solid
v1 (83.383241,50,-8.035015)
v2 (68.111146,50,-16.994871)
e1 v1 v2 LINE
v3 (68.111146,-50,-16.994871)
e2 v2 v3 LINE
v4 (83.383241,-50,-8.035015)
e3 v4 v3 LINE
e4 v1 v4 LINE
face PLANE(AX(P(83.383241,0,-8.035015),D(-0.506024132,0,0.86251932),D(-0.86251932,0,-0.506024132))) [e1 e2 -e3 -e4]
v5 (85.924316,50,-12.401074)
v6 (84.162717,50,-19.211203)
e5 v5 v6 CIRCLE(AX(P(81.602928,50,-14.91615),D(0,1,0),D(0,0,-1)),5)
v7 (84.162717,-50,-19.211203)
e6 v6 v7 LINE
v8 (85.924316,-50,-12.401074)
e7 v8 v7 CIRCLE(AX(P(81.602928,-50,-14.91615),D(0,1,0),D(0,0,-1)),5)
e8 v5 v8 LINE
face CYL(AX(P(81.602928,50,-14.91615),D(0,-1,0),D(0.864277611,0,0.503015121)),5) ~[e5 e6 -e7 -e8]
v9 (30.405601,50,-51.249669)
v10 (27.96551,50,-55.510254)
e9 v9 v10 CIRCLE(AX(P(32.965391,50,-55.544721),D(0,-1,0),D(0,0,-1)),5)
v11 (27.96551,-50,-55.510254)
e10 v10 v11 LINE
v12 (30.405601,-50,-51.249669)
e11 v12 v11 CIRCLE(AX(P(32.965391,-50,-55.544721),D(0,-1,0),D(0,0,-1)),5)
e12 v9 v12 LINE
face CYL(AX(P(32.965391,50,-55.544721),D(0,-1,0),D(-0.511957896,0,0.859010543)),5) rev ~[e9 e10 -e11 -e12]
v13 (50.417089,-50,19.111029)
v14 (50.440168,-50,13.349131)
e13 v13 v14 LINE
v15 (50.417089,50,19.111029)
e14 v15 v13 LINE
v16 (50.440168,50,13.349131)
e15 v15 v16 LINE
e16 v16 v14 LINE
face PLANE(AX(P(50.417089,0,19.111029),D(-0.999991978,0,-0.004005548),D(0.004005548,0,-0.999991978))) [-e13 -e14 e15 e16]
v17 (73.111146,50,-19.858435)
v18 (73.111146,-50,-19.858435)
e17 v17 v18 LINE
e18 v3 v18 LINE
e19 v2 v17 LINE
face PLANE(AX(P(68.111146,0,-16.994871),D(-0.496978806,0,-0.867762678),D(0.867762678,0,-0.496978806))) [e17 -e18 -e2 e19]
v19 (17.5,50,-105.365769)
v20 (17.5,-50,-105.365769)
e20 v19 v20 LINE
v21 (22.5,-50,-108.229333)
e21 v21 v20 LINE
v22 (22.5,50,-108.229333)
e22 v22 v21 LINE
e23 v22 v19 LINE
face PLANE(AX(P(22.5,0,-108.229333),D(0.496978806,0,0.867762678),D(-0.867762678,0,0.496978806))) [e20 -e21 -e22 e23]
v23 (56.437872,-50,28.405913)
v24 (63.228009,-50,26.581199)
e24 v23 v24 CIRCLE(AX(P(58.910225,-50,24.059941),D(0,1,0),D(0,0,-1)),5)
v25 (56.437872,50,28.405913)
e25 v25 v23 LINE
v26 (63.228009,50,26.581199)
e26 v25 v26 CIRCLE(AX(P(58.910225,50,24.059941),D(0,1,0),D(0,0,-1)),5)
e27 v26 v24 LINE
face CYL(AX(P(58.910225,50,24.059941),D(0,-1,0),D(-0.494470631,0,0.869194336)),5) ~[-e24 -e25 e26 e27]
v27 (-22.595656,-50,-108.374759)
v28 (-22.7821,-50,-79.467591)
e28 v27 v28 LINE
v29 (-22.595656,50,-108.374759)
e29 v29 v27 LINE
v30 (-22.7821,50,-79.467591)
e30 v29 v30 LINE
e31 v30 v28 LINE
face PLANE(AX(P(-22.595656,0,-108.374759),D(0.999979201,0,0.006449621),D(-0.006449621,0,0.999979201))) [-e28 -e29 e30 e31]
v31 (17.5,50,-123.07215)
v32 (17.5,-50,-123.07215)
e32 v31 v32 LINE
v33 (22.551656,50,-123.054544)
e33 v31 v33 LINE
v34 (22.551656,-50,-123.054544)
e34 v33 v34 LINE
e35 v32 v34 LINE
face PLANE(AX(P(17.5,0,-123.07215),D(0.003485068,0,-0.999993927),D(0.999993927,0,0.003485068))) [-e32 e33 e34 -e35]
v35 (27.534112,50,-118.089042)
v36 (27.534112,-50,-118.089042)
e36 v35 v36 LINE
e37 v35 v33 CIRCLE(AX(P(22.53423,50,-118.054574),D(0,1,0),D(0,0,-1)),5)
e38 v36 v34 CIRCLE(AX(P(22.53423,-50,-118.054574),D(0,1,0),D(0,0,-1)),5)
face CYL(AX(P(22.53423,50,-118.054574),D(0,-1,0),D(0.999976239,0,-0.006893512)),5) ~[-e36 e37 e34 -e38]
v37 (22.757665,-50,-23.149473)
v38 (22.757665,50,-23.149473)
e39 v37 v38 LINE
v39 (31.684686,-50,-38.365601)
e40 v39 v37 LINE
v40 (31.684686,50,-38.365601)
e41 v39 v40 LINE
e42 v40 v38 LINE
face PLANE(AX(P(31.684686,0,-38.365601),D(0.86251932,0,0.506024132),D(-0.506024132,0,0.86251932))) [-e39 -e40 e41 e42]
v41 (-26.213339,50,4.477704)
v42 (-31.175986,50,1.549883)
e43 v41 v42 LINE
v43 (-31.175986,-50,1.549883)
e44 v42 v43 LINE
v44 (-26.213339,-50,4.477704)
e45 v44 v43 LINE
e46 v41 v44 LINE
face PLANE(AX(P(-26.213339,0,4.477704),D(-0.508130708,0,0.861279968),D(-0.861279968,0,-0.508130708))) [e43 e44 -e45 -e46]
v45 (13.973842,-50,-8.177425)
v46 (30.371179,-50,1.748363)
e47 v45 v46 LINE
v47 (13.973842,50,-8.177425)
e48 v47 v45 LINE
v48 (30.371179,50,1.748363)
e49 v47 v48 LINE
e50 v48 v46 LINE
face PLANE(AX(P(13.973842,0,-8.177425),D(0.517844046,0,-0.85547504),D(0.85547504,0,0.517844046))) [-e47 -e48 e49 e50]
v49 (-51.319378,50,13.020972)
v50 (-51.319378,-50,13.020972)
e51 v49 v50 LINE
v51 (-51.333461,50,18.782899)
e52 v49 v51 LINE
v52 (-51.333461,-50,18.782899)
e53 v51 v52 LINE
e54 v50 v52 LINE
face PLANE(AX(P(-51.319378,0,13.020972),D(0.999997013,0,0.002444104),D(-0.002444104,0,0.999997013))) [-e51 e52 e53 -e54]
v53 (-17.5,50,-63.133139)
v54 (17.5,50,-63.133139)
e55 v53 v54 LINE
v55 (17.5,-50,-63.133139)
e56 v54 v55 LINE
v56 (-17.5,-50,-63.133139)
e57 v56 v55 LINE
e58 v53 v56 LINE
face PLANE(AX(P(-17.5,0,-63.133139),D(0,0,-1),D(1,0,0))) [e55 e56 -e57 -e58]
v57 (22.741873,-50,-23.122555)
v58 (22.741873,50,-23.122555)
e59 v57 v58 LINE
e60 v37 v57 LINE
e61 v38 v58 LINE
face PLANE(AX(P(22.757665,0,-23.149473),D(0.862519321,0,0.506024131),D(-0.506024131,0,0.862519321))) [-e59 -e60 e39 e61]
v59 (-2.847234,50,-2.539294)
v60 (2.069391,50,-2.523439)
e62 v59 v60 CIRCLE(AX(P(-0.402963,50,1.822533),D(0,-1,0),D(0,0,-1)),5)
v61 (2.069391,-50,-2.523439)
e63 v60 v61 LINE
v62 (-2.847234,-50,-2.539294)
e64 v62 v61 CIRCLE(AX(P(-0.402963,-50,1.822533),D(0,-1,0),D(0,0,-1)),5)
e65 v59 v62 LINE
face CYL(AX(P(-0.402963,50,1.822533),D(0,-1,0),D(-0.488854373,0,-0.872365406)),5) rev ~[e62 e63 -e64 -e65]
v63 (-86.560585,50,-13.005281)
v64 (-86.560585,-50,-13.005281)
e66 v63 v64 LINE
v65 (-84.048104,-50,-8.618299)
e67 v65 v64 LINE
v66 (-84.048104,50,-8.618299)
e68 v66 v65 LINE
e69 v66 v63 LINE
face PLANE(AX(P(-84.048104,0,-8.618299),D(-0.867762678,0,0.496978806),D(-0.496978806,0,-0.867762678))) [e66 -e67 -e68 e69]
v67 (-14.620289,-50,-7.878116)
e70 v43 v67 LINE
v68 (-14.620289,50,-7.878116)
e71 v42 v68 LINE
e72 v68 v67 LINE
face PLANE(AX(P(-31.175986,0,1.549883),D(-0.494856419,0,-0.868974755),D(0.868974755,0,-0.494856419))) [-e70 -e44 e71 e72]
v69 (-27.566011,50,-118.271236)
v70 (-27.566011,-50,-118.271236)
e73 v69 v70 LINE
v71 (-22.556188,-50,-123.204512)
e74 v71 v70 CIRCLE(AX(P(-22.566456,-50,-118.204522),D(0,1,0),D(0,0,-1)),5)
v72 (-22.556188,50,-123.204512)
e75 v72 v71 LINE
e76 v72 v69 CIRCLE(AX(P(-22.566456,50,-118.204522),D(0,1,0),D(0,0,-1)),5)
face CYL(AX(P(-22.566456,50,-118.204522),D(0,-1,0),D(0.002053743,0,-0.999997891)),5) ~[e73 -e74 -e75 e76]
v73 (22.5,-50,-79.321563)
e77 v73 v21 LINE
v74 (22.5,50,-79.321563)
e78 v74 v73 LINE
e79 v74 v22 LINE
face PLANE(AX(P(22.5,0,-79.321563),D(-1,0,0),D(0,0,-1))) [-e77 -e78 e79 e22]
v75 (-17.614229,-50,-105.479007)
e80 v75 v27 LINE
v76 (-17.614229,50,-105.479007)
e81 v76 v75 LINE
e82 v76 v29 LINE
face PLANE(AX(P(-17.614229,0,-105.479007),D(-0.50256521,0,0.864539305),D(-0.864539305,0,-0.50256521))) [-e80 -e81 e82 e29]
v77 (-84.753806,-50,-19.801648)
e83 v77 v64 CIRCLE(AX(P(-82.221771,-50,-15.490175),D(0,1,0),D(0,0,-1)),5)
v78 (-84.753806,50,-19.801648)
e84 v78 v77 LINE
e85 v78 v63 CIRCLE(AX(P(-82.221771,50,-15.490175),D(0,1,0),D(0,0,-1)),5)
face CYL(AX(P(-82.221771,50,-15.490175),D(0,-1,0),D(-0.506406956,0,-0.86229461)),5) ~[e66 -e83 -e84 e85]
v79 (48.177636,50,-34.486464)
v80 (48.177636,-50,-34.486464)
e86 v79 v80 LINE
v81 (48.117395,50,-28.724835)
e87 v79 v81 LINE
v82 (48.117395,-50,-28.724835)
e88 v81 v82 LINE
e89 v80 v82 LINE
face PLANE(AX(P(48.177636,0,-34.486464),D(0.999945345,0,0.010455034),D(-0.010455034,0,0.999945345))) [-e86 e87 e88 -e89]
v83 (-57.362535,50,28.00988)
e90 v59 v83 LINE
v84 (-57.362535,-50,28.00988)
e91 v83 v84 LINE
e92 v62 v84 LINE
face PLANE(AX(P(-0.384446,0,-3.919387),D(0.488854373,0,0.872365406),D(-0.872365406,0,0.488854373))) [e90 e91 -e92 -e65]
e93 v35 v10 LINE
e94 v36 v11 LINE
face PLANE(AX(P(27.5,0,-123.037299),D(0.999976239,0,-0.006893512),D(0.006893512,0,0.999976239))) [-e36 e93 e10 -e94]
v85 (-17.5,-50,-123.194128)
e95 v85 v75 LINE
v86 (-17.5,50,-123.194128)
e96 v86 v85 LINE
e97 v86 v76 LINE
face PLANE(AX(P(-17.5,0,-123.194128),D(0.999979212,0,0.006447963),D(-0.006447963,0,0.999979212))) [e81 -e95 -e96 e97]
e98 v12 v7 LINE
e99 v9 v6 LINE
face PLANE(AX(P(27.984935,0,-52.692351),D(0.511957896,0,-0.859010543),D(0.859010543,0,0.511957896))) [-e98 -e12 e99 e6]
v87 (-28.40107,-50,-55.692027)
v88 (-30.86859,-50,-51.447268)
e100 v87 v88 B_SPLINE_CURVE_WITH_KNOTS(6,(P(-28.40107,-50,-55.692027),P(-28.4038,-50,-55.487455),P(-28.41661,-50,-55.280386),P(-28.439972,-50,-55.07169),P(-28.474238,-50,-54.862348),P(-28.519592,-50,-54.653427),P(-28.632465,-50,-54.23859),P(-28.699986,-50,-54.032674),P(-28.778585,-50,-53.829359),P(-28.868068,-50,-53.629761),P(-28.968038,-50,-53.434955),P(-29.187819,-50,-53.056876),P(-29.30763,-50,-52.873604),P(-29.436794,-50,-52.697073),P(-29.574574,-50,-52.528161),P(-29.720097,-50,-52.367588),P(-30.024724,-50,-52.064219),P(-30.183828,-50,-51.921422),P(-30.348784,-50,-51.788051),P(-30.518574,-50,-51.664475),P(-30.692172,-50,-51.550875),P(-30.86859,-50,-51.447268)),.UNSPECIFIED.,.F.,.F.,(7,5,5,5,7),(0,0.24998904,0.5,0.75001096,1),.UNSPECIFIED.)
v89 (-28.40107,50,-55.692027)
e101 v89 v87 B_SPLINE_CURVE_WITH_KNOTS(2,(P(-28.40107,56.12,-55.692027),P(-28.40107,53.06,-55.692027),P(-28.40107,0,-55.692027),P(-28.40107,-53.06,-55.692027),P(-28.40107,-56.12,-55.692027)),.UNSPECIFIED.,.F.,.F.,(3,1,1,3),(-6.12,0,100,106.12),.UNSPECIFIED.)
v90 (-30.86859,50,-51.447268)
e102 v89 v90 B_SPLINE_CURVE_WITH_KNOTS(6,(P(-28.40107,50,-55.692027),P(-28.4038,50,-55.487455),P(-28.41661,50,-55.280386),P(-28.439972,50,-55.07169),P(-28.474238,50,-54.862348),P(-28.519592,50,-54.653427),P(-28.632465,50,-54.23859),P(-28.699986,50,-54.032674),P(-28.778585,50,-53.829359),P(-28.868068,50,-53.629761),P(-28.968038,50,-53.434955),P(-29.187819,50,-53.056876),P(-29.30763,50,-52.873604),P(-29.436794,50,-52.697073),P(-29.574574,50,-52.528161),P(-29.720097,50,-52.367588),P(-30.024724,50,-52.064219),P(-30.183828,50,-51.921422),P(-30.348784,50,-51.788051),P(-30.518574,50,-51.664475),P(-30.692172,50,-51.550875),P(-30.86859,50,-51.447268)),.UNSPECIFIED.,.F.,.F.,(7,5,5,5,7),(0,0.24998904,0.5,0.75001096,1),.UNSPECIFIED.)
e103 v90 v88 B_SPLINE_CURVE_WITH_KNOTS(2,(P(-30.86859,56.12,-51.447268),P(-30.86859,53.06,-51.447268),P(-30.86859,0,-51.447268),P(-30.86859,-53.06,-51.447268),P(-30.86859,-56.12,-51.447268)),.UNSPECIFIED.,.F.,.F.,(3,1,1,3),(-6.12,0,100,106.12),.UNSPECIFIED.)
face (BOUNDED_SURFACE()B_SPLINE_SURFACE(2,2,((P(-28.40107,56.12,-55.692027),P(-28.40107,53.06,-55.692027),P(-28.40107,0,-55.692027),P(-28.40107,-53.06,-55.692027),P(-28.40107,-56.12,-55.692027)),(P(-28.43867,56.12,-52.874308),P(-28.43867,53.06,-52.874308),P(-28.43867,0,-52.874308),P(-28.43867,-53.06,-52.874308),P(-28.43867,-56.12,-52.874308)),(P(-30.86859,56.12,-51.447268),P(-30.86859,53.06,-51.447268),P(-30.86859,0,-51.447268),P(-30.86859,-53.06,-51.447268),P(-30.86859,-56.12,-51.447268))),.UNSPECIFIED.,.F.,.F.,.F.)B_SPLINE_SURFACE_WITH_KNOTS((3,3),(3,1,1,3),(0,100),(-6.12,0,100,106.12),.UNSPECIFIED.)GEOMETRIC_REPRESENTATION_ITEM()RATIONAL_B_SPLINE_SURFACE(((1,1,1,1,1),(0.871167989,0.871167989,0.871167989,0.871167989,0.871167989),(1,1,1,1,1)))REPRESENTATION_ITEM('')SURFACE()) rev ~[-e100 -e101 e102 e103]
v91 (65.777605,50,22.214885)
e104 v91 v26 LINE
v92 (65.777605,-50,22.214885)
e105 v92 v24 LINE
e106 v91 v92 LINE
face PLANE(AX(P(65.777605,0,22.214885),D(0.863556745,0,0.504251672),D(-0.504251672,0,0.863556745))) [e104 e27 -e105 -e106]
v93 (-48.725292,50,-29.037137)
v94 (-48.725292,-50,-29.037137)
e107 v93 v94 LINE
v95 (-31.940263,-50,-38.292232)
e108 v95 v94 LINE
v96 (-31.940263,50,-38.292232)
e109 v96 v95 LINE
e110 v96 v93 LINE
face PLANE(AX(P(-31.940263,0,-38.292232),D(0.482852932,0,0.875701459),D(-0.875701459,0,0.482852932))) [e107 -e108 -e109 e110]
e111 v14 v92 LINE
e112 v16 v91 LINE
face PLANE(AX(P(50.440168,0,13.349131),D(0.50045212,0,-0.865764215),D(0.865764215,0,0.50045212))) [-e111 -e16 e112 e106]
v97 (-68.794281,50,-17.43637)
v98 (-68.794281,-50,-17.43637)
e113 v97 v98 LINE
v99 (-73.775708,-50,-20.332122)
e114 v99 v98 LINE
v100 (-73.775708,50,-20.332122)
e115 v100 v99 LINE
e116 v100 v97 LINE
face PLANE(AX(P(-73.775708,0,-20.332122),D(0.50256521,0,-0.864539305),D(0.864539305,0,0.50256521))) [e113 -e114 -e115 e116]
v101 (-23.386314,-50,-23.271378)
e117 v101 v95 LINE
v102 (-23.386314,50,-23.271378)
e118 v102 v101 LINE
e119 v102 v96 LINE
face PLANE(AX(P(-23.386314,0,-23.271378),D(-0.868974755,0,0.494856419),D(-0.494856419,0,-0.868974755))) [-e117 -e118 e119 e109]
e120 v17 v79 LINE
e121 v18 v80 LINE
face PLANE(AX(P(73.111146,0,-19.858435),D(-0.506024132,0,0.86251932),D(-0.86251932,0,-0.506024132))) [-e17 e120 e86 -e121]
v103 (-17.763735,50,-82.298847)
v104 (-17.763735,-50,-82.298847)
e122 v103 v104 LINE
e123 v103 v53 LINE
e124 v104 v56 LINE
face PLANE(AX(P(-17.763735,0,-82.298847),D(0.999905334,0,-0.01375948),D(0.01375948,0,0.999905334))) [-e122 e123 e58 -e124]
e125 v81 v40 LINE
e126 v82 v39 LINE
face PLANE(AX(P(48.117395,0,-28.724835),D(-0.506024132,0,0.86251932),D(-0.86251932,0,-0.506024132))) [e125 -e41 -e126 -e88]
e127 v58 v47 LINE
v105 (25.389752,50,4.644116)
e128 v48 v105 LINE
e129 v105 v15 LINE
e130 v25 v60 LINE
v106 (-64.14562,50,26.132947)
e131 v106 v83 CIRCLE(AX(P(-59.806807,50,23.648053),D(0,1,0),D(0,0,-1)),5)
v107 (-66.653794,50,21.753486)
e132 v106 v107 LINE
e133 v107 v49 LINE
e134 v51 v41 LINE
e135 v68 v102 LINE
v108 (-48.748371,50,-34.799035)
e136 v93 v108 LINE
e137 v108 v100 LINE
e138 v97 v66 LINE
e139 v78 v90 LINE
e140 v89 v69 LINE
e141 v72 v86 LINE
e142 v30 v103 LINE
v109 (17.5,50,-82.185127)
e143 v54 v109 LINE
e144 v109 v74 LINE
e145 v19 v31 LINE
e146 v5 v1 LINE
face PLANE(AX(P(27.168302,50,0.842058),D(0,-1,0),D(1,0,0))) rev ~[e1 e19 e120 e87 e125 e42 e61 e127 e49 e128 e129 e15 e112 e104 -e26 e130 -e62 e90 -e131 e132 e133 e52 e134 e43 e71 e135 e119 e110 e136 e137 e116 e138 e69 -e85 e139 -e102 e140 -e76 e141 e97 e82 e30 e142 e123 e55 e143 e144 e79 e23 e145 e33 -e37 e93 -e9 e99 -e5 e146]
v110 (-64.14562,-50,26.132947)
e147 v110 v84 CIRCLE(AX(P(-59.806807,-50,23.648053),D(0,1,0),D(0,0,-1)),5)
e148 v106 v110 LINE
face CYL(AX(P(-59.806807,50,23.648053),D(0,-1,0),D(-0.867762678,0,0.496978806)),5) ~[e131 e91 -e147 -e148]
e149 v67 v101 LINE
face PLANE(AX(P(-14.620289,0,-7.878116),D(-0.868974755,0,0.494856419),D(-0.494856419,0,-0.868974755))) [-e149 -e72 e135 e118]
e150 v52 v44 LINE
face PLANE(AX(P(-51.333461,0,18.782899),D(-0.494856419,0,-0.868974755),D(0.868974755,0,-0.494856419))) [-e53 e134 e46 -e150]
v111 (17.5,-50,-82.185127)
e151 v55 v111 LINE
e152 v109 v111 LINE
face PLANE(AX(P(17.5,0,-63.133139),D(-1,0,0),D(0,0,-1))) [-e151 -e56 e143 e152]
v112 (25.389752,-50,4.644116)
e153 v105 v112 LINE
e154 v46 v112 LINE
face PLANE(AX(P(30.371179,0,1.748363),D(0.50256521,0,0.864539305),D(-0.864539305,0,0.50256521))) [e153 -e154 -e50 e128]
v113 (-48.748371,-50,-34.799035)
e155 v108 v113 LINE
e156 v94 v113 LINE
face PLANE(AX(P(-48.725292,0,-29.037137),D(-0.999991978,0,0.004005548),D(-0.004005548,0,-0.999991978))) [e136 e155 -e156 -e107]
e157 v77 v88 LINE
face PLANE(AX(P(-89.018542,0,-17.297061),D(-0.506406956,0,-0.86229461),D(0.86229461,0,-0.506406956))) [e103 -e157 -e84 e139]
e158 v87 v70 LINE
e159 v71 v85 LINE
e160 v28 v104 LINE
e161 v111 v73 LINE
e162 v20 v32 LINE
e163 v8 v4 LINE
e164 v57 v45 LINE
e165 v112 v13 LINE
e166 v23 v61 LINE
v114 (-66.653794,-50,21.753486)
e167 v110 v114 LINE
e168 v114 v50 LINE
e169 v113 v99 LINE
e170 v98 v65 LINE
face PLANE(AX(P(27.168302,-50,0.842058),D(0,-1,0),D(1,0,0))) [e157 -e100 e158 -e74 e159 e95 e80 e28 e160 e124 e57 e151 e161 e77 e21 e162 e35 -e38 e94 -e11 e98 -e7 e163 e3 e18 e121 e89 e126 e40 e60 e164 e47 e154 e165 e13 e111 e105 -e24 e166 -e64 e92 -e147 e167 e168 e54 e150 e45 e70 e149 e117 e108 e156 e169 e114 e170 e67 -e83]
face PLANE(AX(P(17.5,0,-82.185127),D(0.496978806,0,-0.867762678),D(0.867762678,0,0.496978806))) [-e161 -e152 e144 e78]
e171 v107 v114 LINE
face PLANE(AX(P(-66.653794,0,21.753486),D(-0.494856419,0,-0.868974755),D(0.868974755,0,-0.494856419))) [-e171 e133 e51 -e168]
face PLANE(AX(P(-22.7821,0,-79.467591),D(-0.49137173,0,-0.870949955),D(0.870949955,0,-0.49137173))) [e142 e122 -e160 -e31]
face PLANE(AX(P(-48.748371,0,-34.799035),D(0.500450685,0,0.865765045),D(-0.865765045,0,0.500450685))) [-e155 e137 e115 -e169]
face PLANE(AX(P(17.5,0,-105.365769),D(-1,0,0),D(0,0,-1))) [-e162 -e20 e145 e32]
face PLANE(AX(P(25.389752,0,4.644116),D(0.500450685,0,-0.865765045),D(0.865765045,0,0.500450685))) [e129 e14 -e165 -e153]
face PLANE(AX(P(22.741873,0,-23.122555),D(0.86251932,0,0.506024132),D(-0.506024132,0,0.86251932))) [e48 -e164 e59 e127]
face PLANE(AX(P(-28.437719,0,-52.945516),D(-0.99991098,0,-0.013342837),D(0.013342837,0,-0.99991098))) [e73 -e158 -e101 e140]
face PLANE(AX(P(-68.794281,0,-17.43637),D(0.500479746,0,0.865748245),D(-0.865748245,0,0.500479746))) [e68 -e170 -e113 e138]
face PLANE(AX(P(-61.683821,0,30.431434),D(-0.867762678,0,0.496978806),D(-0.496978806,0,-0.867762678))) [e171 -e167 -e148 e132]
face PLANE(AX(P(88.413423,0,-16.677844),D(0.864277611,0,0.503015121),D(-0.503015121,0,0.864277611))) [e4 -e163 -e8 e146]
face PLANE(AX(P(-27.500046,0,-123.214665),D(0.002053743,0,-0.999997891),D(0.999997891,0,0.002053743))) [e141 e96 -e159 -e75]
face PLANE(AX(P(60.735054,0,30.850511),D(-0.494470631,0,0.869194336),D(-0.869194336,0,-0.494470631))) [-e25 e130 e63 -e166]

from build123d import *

# Parameters (mm, degrees)
F1_DEPTH = 50
F2_R     = 5


with BuildPart() as f1:
    # F0 (on Front) → F1 (new body, symmetric)
    with BuildSketch(Plane.XZ):
        Polygon((-0.3844457437, -3.9193866888), (-0.2793621445, -36.505025424), (22.7418729728, -23.1225547895), (13.9738415908, -8.1774247233), (30.3711793503, 1.7483630998), (25.3897522477, 4.6441157203), (50.4170887233, 19.1110288298), (50.4401684665, 13.3491310051), (65.7776050478, 22.2148851249), (60.7350544202, 30.8505106451), align=None)
        Polygon((17.5, -123.0721495214), (27.5, -123.037298633), (27.984935295, -52.6923507797), (-0.2342032741, -36.5308884878), (-0.2791942974, -36.5570735524), (-0.1934906356, -63.1331385759), (17.5, -63.1331385759), (17.5, -82.1851273198), (22.5, -79.3215632439), (22.5, -108.2293328912), (17.5, -105.3657688153), align=None)
        Polygon((-0.2342032741, -36.5308884878), (27.984935295, -52.6923507797), (88.4134229436, -16.6778435467), (83.383241189, -8.0350149531), (68.1111457371, -16.9948708792), (73.1111457371, -19.8584349551), (48.177635909, -34.4864639964), (48.1173945898, -28.7248348691), (31.6846862078, -38.3656009344), (22.7576654977, -23.1494731853), align=None)
        Polygon((-28.437719404, -52.9455160273), (-0.2791942974, -36.5570735524), (-0.2793621445, -36.505025424), (-28.4386696044, -52.8743080992), align=None)
        Polygon((-0.1934906356, -63.1331385759), (-0.2791942974, -36.5570735524), (-28.437719404, -52.9455160273), (-27.5000461582, -123.2146651978), (-17.5, -123.1941276305), (-17.6142288143, -105.4790067228), (-22.5956559169, -108.3747593432), (-22.7821000687, -79.4675909492), (-17.7637351614, -82.2988473619), (-17.5, -63.1331385759), align=None)
        Polygon((-23.3863139494, -23.2713780056), (-0.2793621445, -36.505025424), (-0.3844457437, -3.9193866888), (-61.6838213467, 30.4314342204), (-66.6537935401, 21.7534859335), (-51.3193782423, 13.020972349), (-51.333461035, 18.7828991875), (-26.2133390001, 4.4777038049), (-31.1759859876, 1.5498830975), (-14.6202887445, -7.8781158361), align=None)
        Polygon((-28.4386696044, -52.8743080992), (-0.2793621445, -36.505025424), (-23.3863139494, -23.2713780056), (-31.940263426, -38.2922322466), (-48.7252915524, -29.0371374173), (-48.7483712957, -34.799035242), (-73.7757077712, -20.3321221324), (-68.7942806687, -17.436369512), (-84.0481037191, -8.6182985245), (-89.0185419933, -17.2970606238), align=None)
        Polygon((-0.2793621445, -36.505025424), (-0.2342032741, -36.5308884878), (22.7576654977, -23.1494731853), (22.7418729728, -23.1225547895), align=None)
        Polygon((-0.2791942974, -36.5570735524), (-0.2342032741, -36.5308884878), (-0.2793621445, -36.505025424), align=None)
    extrude(amount=F1_DEPTH, both=True)

    # F2
    f2_edges = [f1.edges().sort_by_distance(p)[0] for p in [
        (-61.683821, 0, 30.431434),
        (60.735054, 0, 30.850511),
        (-0.384446, 0, -3.919387),
        (88.413423, 0, -16.677844),
        (27.5, 0, -123.037299),
        (27.984935, 0, -52.692351),
        (-27.500046, 0, -123.214665),
        (-28.43867, 0, -52.874308),
        (-89.018542, 0, -17.297061),
    ]]
    fillet(f2_edges, radius=F2_R)


solid = f1.part
